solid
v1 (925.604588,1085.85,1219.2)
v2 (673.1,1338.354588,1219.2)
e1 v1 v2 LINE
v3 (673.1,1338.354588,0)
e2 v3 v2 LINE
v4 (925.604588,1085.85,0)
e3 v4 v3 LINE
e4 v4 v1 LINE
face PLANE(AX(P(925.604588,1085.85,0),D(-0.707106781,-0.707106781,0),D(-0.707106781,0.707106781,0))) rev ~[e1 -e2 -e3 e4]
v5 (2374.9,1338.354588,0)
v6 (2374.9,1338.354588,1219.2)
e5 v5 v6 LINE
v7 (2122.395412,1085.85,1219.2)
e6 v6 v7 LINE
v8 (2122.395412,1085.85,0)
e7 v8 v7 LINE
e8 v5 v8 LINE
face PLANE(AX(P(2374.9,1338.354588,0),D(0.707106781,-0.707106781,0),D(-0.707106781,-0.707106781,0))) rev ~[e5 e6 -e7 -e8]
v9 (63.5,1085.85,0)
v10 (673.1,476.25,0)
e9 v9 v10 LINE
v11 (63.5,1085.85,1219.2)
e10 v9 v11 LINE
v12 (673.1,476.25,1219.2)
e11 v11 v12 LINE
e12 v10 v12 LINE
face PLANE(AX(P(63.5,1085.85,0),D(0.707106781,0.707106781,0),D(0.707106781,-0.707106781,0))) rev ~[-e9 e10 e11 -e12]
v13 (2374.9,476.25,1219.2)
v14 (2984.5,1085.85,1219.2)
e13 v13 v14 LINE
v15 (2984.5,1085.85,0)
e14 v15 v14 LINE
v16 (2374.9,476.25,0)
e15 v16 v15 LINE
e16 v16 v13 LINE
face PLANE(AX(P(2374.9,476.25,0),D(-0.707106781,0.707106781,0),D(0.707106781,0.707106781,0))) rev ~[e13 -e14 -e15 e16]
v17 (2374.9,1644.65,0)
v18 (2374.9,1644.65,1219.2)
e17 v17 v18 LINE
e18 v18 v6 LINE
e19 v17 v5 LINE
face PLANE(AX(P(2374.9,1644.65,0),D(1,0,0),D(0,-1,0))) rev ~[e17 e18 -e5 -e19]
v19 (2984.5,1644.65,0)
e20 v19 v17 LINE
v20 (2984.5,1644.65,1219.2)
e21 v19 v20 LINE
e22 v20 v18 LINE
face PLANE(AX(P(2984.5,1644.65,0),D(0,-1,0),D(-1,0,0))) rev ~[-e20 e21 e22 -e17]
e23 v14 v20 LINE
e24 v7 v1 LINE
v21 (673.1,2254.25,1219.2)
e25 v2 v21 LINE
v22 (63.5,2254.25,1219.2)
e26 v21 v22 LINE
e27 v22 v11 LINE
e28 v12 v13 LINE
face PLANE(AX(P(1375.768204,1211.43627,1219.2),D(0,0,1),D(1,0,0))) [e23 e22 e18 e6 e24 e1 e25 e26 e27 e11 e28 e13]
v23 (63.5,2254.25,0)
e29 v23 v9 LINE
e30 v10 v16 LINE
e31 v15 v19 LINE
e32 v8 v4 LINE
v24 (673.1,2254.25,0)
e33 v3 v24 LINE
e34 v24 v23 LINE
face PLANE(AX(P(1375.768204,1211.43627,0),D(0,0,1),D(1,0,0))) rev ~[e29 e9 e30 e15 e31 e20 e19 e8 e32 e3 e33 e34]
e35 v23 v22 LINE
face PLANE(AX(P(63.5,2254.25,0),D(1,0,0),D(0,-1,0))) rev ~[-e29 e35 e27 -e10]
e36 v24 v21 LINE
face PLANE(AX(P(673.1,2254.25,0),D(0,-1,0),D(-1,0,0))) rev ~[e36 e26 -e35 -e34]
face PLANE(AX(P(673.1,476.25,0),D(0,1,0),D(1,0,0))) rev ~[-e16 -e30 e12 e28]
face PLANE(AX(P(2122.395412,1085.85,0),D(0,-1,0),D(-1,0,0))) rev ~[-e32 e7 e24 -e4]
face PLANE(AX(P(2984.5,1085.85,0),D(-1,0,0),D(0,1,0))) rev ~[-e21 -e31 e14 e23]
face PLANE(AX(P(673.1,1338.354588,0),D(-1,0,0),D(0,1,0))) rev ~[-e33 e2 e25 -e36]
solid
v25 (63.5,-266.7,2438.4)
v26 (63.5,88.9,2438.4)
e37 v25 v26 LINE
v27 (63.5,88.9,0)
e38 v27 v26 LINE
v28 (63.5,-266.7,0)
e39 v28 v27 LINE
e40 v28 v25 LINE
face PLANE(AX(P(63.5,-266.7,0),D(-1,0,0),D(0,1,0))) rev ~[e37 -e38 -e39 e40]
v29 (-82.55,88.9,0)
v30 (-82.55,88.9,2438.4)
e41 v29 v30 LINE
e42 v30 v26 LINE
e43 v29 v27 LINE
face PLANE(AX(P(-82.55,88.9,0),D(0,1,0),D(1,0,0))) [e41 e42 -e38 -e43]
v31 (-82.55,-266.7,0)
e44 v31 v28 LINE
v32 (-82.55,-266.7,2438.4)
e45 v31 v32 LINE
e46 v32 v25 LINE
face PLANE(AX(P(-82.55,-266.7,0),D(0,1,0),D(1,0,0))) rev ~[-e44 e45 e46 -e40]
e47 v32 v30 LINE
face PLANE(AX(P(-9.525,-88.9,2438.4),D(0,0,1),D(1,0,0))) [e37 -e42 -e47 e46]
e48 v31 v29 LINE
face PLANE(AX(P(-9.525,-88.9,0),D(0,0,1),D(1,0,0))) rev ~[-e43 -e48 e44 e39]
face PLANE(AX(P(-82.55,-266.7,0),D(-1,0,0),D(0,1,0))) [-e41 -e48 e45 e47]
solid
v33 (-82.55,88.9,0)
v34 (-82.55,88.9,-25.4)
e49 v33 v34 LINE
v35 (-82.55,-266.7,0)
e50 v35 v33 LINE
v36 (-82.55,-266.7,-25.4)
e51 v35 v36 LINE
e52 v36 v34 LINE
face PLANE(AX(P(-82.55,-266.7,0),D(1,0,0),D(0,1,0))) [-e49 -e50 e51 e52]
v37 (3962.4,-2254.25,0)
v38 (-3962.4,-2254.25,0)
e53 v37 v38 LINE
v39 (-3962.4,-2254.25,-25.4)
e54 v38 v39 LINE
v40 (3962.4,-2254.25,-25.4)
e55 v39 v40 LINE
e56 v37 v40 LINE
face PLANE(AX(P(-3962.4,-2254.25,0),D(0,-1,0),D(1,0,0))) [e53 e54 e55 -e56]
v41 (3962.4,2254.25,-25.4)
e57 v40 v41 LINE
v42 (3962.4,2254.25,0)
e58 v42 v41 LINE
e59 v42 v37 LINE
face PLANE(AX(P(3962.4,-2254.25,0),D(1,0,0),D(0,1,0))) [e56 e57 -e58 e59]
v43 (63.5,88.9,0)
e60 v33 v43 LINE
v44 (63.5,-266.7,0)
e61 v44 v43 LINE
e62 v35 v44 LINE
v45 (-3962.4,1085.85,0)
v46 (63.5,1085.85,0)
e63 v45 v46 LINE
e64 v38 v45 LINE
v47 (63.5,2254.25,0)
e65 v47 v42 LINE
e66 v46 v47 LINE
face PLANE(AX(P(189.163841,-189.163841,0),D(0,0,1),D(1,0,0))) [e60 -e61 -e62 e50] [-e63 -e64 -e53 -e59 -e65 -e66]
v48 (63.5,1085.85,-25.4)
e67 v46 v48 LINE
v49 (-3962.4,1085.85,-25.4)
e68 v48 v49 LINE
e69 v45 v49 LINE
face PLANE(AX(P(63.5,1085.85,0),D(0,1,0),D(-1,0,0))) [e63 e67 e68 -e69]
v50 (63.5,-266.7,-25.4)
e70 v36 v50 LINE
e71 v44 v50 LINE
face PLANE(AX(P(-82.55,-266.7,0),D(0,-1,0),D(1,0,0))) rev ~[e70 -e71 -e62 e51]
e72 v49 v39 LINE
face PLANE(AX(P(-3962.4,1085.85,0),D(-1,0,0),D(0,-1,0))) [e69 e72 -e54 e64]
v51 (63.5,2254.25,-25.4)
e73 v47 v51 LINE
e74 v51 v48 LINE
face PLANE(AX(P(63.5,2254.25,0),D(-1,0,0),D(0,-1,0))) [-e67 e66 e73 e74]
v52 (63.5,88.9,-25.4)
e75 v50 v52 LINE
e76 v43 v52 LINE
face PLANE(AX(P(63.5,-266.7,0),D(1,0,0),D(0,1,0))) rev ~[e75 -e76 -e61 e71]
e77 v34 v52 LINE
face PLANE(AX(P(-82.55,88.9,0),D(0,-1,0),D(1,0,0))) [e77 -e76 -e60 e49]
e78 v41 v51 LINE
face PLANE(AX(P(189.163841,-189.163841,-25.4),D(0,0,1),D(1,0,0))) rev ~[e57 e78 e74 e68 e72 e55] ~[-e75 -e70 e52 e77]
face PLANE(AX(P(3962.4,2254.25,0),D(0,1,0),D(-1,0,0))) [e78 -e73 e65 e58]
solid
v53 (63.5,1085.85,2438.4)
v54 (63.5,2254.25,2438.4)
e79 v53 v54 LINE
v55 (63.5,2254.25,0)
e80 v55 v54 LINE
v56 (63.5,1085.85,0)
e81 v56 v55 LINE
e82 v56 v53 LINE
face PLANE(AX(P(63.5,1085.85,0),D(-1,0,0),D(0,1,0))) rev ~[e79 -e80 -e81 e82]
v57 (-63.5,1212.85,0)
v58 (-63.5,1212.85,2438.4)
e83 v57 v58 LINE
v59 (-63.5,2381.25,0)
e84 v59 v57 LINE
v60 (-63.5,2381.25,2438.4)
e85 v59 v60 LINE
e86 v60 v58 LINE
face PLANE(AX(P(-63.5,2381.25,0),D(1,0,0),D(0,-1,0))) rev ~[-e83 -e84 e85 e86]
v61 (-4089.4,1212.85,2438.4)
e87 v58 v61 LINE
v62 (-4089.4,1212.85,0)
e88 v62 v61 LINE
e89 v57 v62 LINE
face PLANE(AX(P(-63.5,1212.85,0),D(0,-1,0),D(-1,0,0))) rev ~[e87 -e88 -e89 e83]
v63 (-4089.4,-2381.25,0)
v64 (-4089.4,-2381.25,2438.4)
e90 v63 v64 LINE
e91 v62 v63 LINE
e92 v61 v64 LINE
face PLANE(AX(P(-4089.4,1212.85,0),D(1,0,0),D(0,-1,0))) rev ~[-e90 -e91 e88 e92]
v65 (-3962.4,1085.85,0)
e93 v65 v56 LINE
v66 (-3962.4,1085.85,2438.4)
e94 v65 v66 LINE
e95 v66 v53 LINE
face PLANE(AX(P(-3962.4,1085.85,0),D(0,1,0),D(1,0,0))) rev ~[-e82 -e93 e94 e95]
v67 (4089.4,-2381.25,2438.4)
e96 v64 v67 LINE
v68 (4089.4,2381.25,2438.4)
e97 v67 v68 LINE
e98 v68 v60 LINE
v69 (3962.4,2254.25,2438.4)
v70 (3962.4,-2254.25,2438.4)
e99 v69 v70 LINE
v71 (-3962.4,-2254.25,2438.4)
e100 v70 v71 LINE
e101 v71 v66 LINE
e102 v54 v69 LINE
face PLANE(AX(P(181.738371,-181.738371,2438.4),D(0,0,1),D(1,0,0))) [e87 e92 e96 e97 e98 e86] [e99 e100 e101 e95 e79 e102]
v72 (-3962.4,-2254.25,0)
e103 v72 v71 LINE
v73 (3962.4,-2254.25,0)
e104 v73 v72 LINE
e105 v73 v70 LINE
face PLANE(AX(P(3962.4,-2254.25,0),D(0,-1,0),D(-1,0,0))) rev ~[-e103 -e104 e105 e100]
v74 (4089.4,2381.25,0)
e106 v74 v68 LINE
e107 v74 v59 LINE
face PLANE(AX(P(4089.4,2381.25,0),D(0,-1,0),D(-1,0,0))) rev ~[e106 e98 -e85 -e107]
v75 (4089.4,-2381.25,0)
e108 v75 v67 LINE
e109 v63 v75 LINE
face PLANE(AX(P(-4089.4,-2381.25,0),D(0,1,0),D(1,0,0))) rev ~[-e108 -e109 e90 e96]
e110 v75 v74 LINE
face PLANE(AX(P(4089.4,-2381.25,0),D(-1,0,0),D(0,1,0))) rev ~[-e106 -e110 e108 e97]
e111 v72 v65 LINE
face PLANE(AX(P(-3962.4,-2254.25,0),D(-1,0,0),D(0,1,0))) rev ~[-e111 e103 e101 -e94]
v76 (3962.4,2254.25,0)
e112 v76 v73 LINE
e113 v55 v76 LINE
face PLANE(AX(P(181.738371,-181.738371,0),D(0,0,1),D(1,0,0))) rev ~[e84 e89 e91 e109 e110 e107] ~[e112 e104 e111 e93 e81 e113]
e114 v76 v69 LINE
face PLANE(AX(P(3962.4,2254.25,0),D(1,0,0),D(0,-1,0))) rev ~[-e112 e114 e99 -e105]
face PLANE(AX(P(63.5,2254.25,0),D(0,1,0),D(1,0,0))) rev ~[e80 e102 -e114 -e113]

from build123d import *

# Parameters (mm, degrees)
F1_DEPTH = 2438.4
F0_W     = 146.05
F0_H     = 355.6
F2_DEPTH = 25.4
F3_DEPTH = 2438.4
F5_DEPTH = 1219.2


with BuildPart() as f1:
    # F0 (on Top) → F1 (new body)
    with BuildSketch(Plane.XY):
        Polygon((4089.4, 2381.25), (-63.5, 2381.25), (-63.5, 1212.85), (-4089.4, 1212.85), (-4089.4, -2381.25), (4089.4, -2381.25), align=None)
        Polygon((63.5, 2254.25), (3962.4, 2254.25), (3962.4, -2254.25), (-3962.4, -2254.25), (-3962.4, 1085.85), (63.5, 1085.85), align=None, mode=Mode.SUBTRACT)
    extrude(amount=F1_DEPTH)

    # F0 (on Top) → F2 (join)
    with BuildSketch(Plane.XY):
        Polygon((3962.4, -2254.25), (3962.4, 2254.25), (63.5, 2254.25), (63.5, 1085.85), (-3962.4, 1085.85), (-3962.4, -2254.25), align=None)
        with Locations((-9.525, -88.9)):
            Rectangle(F0_W, F0_H, mode=Mode.SUBTRACT)
    extrude(amount=-F2_DEPTH)


with BuildPart() as f3:
    # F0 (on Top) → F3 (new body)
    with BuildSketch(Plane.XY):
        with Locations((-9.525, -88.9)):
            Rectangle(F0_W, F0_H)
    extrude(amount=F3_DEPTH)


with BuildPart() as f5:
    # F4 (on face) → F5 (new body)
    with BuildSketch(Plane.XY):
        Polygon((63.5, 2254.25), (63.5, 1085.85), (673.1, 476.25), (2374.9, 476.25), (2984.5, 1085.85), (2984.5, 1644.65), (2374.9, 1644.65), (2374.9, 1338.354588), (2122.395412, 1085.85), (925.604588, 1085.85), (673.1, 1338.354588), (673.1, 2254.25), align=None)
    extrude(amount=F5_DEPTH)


solid = Compound([f1.part, f3.part, f5.part])
